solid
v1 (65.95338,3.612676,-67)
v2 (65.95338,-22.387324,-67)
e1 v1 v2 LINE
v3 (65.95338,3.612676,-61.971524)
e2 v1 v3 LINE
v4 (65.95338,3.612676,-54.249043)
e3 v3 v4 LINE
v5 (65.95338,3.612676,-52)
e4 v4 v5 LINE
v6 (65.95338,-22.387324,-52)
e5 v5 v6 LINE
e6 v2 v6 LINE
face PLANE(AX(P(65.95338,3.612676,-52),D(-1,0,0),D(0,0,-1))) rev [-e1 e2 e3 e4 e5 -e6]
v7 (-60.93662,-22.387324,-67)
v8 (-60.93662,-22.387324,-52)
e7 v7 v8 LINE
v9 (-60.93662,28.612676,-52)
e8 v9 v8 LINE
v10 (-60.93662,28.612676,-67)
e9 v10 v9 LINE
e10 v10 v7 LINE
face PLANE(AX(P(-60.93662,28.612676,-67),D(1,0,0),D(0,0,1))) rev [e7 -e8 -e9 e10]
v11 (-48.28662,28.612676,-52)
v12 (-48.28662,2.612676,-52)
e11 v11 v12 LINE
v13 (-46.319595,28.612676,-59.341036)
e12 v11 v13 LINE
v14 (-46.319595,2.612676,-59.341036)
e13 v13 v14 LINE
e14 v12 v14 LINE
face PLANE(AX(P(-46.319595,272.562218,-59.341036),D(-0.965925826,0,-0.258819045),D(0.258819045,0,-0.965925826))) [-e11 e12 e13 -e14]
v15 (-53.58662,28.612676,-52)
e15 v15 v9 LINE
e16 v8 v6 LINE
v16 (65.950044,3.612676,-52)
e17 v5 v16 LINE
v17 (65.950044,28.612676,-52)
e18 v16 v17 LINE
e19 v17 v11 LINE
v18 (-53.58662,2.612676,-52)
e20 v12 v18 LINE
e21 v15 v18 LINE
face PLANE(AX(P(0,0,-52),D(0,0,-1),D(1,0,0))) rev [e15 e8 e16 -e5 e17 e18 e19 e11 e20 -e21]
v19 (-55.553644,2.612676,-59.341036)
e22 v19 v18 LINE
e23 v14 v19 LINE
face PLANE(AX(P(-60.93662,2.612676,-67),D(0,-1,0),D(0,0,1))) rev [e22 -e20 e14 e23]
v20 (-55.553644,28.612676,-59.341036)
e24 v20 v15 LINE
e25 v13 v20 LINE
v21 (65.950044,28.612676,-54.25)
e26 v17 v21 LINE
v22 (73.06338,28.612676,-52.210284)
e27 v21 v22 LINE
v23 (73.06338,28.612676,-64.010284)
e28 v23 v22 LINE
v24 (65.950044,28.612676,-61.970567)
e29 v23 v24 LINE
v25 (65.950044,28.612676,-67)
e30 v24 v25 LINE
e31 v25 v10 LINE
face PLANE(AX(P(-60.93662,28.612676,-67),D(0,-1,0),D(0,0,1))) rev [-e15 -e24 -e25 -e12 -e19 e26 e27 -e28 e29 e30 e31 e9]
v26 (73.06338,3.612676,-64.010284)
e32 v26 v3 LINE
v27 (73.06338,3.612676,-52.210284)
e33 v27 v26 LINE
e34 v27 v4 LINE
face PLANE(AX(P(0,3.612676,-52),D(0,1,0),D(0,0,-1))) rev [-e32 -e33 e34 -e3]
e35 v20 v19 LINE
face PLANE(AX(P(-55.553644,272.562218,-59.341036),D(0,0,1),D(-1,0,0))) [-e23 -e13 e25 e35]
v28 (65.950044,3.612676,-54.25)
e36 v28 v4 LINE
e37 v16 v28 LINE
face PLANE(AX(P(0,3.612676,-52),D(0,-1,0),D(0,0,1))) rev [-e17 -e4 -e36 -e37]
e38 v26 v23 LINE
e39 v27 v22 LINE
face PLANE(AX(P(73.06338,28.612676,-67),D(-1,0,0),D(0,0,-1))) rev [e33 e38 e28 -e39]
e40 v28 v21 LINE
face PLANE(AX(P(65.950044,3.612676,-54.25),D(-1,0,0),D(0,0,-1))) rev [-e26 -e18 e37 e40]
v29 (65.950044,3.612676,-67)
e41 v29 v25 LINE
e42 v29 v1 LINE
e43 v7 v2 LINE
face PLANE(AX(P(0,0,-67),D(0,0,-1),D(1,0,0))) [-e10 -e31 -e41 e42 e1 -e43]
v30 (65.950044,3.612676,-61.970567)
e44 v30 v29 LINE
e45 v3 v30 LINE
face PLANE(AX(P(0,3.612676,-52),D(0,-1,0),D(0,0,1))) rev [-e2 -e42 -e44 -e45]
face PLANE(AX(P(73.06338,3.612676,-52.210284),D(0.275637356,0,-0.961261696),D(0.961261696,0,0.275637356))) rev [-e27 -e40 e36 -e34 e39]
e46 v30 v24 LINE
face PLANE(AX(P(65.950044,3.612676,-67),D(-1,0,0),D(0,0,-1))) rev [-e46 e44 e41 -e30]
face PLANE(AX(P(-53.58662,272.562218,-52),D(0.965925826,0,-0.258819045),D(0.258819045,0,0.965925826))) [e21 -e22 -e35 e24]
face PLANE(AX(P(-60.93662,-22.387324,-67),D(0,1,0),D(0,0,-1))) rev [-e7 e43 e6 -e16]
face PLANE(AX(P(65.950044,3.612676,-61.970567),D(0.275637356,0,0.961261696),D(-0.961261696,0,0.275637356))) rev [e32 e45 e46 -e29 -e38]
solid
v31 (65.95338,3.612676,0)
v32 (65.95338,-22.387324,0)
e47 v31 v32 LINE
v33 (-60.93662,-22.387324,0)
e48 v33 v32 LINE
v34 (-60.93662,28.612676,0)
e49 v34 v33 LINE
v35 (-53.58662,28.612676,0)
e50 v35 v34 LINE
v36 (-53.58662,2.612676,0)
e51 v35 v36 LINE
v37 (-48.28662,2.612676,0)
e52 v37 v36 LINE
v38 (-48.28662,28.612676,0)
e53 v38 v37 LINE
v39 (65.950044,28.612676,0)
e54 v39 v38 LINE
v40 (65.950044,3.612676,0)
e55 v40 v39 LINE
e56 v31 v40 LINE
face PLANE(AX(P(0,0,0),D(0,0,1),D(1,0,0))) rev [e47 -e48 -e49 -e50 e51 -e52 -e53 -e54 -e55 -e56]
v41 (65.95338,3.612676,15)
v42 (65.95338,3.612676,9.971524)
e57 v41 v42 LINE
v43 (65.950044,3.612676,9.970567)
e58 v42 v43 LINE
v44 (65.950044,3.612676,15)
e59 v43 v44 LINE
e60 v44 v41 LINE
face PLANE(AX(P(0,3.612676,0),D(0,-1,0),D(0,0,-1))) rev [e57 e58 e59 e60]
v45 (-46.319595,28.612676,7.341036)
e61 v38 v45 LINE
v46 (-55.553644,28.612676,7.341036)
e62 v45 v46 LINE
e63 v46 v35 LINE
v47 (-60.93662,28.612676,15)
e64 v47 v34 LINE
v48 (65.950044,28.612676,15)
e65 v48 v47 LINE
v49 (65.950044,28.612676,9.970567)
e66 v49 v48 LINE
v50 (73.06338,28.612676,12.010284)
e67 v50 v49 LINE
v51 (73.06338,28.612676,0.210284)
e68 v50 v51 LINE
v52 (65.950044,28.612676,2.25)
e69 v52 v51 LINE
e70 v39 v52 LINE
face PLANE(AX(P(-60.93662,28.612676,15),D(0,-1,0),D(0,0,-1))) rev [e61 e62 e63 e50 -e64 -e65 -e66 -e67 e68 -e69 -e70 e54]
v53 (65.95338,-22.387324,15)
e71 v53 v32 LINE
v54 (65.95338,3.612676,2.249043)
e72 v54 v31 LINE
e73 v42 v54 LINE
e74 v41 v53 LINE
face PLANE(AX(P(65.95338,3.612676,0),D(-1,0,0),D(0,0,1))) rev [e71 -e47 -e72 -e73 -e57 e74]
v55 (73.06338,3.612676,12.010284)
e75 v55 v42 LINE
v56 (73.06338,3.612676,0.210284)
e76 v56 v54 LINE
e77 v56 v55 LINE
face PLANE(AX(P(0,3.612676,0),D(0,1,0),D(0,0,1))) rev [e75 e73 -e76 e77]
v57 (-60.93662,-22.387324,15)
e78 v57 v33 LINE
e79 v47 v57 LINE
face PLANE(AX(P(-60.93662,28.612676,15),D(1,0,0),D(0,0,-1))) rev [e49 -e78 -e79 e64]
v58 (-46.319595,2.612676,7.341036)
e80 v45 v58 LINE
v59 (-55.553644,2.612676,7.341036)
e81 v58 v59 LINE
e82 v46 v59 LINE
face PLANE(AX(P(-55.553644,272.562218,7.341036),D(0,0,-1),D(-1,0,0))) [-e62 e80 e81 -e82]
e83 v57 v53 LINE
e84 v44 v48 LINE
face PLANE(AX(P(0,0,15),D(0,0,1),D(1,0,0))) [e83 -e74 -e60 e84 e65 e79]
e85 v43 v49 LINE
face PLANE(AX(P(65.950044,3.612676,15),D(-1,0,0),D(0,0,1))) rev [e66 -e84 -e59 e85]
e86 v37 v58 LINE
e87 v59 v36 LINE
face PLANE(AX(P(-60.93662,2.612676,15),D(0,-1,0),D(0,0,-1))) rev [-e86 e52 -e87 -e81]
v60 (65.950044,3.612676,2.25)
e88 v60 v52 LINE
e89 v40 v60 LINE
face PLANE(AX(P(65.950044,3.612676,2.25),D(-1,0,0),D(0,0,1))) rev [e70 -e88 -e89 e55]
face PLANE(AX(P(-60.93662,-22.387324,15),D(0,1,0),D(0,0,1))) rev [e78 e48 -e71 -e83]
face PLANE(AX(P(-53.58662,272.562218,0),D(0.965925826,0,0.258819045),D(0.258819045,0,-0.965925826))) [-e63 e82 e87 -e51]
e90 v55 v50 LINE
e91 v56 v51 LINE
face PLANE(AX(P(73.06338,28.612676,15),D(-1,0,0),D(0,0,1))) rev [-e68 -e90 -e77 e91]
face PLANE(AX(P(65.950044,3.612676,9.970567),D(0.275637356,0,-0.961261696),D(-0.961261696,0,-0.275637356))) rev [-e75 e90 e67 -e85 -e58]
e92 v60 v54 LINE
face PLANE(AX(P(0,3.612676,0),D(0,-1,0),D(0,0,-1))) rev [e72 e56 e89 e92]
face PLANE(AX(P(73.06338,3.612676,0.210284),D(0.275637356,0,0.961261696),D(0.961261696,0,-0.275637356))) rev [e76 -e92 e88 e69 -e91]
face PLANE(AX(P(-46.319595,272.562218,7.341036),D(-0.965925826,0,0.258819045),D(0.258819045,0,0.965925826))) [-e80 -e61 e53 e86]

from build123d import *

# Parameters (mm, degrees)
SKETCH1_W               = 134
SKETCH1_H               = 51
BOSS_EXTRUDE1_DEPTH     = 15
CUT_EXTRUDE2_DEPTH      = 1
CUT_EXTRUDE2_DEPTH_BACK = 26
CUT_EXTRUDE4_DEPTH      = 25
SKETCH7_W               = 7.11
SKETCH7_H               = 15
CUT_EXTRUDE5_DEPTH      = 26


with BuildPart() as part:
    # Sketch1 → Boss-Extrude1 (new body)
    with BuildSketch(Plane.XY):
        with Locations((6.063380282, 3.112676056)):
            Rectangle(SKETCH1_W, SKETCH1_H)
    extrude(amount=BOSS_EXTRUDE1_DEPTH)

    # Sketch3 → Cut-Extrude2 (cut, two sides)
    with BuildSketch(Plane(origin=(0, 28.612676056, 0), x_dir=(1, 0, 0), z_dir=(0, 1, 0))) as cut_extrude2_sk:
        Polygon((-340.610496837, 0), (-60.936619718, 0), (-53.586619718, 0), (-55.553644461, -7.34103628), (-46.319594976, -7.34103628), (-48.286619718, 0), (-120.671545534, 270.144220847), (-554.437861933, 623.29672746), (-774.376813236, 353.152506613), align=None)
    extrude(amount=CUT_EXTRUDE2_DEPTH, mode=Mode.SUBTRACT)
    extrude(cut_extrude2_sk.sketch, amount=-CUT_EXTRUDE2_DEPTH_BACK, mode=Mode.SUBTRACT)

    # Sketch5 → Cut-Extrude4 (cut)
    with BuildSketch(Plane(origin=(0, 28.612676056, 0), x_dir=(1, 0, 0), z_dir=(0, 1, 0))):
        Polygon((65.950043732, 0), (73.063380282, 0), (73.063380282, -0.210283567), (65.950043732, -2.25), align=None)
        Polygon((65.950043732, -15), (65.950043732, -9.970567134), (73.063380282, -12.010283567), (73.063380282, -15), align=None)
    extrude(amount=-CUT_EXTRUDE4_DEPTH, mode=Mode.SUBTRACT)

    # Sketch7 → Cut-Extrude5 (cut)
    with BuildSketch(Plane.XZ.offset(22.387323944)):
        with Locations((69.508380282, 7.5)):
            Rectangle(SKETCH7_W, SKETCH7_H)
    extrude(amount=-CUT_EXTRUDE5_DEPTH, mode=Mode.SUBTRACT)


with BuildPart() as body_2:
    # Mirror2: mirrored copy
    add(part.part.mirror(Plane(origin=(0, 0, -26), x_dir=(1, 0, 0), z_dir=(0, 0, -1))))


solid = Compound([part.part, body_2.part])
